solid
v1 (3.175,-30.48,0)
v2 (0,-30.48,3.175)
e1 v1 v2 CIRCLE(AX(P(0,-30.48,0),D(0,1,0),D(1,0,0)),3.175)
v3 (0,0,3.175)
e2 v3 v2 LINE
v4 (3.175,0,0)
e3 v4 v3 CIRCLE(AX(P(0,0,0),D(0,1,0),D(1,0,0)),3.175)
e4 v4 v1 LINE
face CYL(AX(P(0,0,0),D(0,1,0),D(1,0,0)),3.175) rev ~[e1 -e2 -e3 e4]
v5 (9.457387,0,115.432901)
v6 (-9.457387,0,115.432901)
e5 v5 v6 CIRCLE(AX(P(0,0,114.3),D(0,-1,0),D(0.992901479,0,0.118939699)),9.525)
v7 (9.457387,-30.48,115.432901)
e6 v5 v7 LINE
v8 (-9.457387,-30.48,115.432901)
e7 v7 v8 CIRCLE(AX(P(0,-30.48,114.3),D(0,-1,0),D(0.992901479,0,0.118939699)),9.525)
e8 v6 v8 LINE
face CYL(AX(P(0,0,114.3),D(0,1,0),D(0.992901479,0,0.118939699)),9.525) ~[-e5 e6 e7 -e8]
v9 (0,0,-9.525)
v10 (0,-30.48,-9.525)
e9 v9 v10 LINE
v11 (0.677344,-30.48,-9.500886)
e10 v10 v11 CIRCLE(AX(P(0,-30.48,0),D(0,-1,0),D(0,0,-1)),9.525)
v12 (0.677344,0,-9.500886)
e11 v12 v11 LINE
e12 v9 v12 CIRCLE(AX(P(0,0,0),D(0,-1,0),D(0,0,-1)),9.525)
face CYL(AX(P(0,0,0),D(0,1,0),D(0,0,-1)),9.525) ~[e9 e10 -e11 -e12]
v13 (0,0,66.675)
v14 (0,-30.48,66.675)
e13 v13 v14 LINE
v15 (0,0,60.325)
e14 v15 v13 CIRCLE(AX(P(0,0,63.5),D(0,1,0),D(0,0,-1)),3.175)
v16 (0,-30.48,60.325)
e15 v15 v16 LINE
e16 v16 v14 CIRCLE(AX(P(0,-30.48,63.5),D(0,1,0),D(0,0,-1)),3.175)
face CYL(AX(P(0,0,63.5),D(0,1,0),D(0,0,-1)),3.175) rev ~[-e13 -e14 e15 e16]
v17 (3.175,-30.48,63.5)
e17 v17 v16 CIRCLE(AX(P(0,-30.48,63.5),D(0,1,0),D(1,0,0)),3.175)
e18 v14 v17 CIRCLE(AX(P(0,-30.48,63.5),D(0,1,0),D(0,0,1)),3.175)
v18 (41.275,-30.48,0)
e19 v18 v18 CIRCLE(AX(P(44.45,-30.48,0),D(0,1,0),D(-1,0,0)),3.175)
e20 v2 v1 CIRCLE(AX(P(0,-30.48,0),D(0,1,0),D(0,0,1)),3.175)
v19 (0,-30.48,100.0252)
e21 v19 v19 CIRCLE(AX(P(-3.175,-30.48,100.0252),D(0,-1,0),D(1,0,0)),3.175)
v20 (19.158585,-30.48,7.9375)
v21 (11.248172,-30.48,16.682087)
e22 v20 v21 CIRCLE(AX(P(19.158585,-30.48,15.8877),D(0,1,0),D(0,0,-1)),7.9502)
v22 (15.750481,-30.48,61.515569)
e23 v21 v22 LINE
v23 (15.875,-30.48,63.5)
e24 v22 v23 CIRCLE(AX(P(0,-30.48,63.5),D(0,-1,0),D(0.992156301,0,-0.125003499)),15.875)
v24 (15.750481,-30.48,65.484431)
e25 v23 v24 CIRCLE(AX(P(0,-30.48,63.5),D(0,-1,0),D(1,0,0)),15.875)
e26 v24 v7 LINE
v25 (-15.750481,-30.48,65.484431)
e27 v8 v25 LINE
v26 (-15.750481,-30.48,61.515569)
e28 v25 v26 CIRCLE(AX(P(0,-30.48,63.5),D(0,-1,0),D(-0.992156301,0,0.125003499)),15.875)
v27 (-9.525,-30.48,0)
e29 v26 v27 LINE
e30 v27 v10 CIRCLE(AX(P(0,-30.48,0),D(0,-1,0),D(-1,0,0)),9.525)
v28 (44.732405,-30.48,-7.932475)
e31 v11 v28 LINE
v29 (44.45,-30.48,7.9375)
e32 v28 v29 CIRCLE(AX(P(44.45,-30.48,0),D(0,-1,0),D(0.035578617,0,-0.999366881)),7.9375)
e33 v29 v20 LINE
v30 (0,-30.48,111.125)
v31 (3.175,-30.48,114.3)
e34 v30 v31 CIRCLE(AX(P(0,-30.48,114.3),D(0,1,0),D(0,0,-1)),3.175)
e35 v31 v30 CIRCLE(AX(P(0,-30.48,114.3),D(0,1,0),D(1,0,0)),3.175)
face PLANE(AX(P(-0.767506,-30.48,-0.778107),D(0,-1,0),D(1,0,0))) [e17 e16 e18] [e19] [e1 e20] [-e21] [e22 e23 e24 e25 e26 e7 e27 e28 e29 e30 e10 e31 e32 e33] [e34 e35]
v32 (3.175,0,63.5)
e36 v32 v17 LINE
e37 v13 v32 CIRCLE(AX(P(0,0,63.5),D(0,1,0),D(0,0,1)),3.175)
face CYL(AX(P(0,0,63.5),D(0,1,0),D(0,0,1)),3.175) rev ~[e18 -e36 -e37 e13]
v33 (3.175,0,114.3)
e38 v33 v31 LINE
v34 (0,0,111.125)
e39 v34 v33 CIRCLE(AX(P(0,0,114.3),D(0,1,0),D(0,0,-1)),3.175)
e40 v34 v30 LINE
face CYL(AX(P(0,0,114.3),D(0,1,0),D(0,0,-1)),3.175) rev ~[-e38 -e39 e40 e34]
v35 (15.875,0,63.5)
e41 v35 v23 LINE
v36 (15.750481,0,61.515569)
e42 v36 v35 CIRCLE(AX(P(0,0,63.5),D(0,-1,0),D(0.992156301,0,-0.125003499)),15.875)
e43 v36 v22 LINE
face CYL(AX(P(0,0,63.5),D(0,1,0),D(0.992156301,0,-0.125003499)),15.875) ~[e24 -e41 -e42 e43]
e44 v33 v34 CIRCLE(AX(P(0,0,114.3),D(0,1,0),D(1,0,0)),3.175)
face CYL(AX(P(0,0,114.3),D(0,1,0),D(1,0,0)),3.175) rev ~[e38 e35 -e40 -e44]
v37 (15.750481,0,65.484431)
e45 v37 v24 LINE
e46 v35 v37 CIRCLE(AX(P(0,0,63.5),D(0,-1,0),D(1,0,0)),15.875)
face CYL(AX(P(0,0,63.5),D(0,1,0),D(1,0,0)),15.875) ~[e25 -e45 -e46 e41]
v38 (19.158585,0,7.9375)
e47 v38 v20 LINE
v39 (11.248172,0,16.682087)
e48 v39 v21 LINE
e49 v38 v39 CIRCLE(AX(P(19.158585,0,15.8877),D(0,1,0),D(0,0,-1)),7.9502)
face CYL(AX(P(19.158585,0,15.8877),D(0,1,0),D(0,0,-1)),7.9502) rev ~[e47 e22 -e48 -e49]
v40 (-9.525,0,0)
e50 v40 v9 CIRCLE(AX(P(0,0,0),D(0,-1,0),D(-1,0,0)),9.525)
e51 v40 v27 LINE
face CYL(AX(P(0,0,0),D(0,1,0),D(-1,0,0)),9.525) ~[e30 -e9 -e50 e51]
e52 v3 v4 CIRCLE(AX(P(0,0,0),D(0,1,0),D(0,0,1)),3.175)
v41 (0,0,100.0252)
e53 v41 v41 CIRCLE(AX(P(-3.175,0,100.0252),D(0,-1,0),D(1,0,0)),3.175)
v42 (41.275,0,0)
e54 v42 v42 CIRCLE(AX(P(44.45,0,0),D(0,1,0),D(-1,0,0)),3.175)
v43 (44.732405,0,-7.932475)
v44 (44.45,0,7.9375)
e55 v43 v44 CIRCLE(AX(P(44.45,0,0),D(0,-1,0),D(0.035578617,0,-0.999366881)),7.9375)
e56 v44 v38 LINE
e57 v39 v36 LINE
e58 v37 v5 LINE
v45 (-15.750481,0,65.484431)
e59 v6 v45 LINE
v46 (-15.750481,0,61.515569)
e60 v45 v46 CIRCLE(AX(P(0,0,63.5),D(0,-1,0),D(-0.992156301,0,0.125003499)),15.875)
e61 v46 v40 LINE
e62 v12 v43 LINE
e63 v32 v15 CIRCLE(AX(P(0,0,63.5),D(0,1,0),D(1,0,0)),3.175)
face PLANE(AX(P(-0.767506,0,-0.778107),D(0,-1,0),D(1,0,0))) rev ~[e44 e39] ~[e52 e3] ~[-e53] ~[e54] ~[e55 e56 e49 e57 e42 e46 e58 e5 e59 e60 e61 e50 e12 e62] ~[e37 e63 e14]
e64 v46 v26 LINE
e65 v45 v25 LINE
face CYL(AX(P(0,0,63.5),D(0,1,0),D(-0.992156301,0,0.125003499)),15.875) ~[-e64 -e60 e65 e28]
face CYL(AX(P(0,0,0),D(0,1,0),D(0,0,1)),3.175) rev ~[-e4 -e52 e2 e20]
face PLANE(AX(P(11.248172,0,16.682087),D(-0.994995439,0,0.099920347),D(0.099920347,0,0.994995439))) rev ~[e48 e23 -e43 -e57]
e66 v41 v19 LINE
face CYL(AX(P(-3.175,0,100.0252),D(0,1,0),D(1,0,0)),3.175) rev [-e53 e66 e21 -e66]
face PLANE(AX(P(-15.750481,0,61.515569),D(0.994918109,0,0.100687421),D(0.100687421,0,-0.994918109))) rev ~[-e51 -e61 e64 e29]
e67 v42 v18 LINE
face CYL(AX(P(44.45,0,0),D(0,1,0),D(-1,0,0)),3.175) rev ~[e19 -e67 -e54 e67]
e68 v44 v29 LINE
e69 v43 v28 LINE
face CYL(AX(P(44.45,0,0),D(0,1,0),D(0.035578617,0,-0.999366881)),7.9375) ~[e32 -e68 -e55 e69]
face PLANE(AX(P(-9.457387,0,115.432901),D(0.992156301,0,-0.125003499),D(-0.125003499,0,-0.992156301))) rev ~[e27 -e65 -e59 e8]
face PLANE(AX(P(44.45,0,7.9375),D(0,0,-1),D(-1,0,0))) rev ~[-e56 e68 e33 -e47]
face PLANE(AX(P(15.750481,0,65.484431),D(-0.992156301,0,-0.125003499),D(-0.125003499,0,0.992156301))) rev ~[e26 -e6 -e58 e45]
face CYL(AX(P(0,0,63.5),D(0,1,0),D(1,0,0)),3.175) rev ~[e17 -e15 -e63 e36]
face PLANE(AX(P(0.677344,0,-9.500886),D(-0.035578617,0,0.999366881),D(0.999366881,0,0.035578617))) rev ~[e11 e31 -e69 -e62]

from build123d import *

# Parameters (mm, degrees)
F0_R     = 3.175
F1_DEPTH = 30.48


with BuildPart() as f1:
    # F0 (on Front) → F1 (new body)
    with BuildSketch(Plane.XZ):
        with BuildLine():
            ThreePointArc((3.175, 0), (-2.2450640303, -2.2450640303), (0, 3.175))
            Line((0, 3.175), (0, 9.525))
            ThreePointArc((0, 9.525), (-6.7351920908, 6.7351920908), (-9.525, 0))
            ThreePointArc((-9.525, 0), (-6.7351920908, -6.7351920908), (0, -9.525))
            Line((0, -9.525), (0.6773435479, -9.500885786))
            ThreePointArc((0.6773435479, -9.500885786), (6.9705567315, -6.4912990883), (9.525, 0))
            Line((9.525, 0), (3.175, 0))
        make_face()
        with BuildLine():
            ThreePointArc((-9.525, 0), (-6.7351920908, 6.7351920908), (0, 9.525))
            Line((0, 9.525), (0, 47.625))
            ThreePointArc((0, 47.625), (-10.5003045198, 51.5937314833), (-15.7504812749, 61.51556945))
            Line((-15.7504812749, 61.51556945), (-9.525, 0))
        make_face()
        with BuildLine():
            Line((0, 47.625), (0, 9.525))
            ThreePointArc((0, 9.525), (6.7351920908, 6.7351920908), (9.525, 0))
            Line((9.525, 0), (36.5125, 0))
            ThreePointArc((36.5125, 0), (38.8373399243, 5.6126600757), (44.45, 7.9375))
            Line((44.45, 7.9375), (19.1585847945, 7.9375))
            ThreePointArc((19.1585847945, 7.9375), (13.2627721486, 10.5543077133), (11.2481720528, 16.6820867415))
            Line((11.2481720528, 16.6820867415), (15.7504812749, 61.51556945))
            ThreePointArc((15.7504812749, 61.51556945), (10.5003045198, 51.5937314833), (0, 47.625))
        make_face()
        with BuildLine():
            Line((36.5125, 0), (9.525, 0))
            ThreePointArc((9.525, 0), (6.9705567315, -6.4912990883), (0.6773435479, -9.500885786))
            Line((0.6773435479, -9.500885786), (44.7324052746, -7.9324746146))
            ThreePointArc((44.7324052746, -7.9324746146), (38.9380895153, -5.7116327839), (36.5125, 0))
        make_face()
        with BuildLine():
            ThreePointArc((-15.7504812749, 61.51556945), (-10.5003045198, 51.5937314833), (0, 47.625))
            Line((0, 47.625), (0, 60.325))
            ThreePointArc((0, 60.325), (-3.175, 63.5), (0, 66.675))
            Line((0, 66.675), (0, 79.375))
            ThreePointArc((0, 79.375), (-10.5003045198, 75.4062685167), (-15.7504812749, 65.48443055))
            ThreePointArc((-15.7504812749, 65.48443055), (-15.875, 63.5), (-15.7504812749, 61.51556945))
        make_face()
        with BuildLine():
            Line((0, 60.325), (0, 47.625))
            ThreePointArc((0, 47.625), (10.5003045198, 51.5937314833), (15.7504812749, 61.51556945))
            ThreePointArc((15.7504812749, 61.51556945), (15.8438397373, 62.5058333237), (15.875, 63.5))
            ThreePointArc((15.875, 63.5), (15.8438397373, 64.4941666763), (15.7504812749, 65.48443055))
            ThreePointArc((15.7504812749, 65.48443055), (10.5003045198, 75.4062685167), (0, 79.375))
            Line((0, 79.375), (0, 66.675))
            ThreePointArc((0, 66.675), (2.2450640303, 65.7450640303), (3.175, 63.5))
            ThreePointArc((3.175, 63.5), (2.2450640303, 61.2549359697), (0, 60.325))
        make_face()
        with BuildLine():
            ThreePointArc((44.45, 7.9375), (38.8373399243, 5.6126600757), (36.5125, 0))
            ThreePointArc((36.5125, 0), (38.9380895153, -5.7116327839), (44.7324052746, -7.9324746146))
            ThreePointArc((44.7324052746, -7.9324746146), (50.1616327839, -5.5119104847), (52.3875, 0))
            ThreePointArc((52.3875, 0), (50.0626600757, 5.6126600757), (44.45, 7.9375))
        make_face()
        with BuildLine():
            ThreePointArc((47.625, 0), (44.45, -3.175), (41.275, 0))
            ThreePointArc((41.275, 0), (44.45, 3.175), (47.625, 0))
        make_face(mode=Mode.SUBTRACT)
        with BuildLine():
            ThreePointArc((0, -9.525), (0.3388863295, -9.5189695375), (0.6773435479, -9.500885786))
            Line((0.6773435479, -9.500885786), (0, -9.525))
        make_face()
        with BuildLine():
            Line((-9.4573865922, 115.4329006338), (-15.7504812749, 65.48443055))
            ThreePointArc((-15.7504812749, 65.48443055), (-10.5003045198, 75.4062685167), (0, 79.375))
            Line((0, 79.375), (0, 100.0252))
            Line((0, 100.0252), (0, 104.775))
            ThreePointArc((0, 104.775), (-7.1244825615, 107.9780245784), (-9.4573865922, 115.4329006338))
        make_face()
        with Locations((-3.175, 100.0252)):
            Circle(F0_R, mode=Mode.SUBTRACT)
        with BuildLine():
            Line((0, 100.0252), (0, 79.375))
            ThreePointArc((0, 79.375), (10.5003045198, 75.4062685167), (15.7504812749, 65.48443055))
            Line((15.7504812749, 65.48443055), (9.4573865922, 115.4329006338))
            ThreePointArc((9.4573865922, 115.4329006338), (9.5080816228, 114.8674582405), (9.525, 114.3))
            ThreePointArc((9.525, 114.3), (6.7351920908, 107.5648079092), (0, 104.775))
            Line((0, 104.775), (0, 100.0252))
        make_face()
        with BuildLine():
            ThreePointArc((9.4573865922, 115.4329006338), (0, 123.825), (-9.4573865922, 115.4329006338))
            ThreePointArc((-9.4573865922, 115.4329006338), (-7.1244825615, 107.9780245784), (0, 104.775))
            ThreePointArc((0, 104.775), (6.7351920908, 107.5648079092), (9.525, 114.3))
            ThreePointArc((9.525, 114.3), (9.5080816228, 114.8674582405), (9.4573865922, 115.4329006338))
        make_face()
        with BuildLine():
            ThreePointArc((3.175, 114.3), (2.2450640303, 112.0549359697), (0, 111.125))
            ThreePointArc((0, 111.125), (-2.2450640303, 116.5450640303), (3.175, 114.3))
        make_face(mode=Mode.SUBTRACT)
        with BuildLine():
            Line((0, 9.525), (0, 3.175))
            ThreePointArc((0, 3.175), (2.2450640303, 2.2450640303), (3.175, 0))
            Line((3.175, 0), (9.525, 0))
            ThreePointArc((9.525, 0), (6.7351920908, 6.7351920908), (0, 9.525))
        make_face()
    extrude(amount=F1_DEPTH)


solid = f1.part
